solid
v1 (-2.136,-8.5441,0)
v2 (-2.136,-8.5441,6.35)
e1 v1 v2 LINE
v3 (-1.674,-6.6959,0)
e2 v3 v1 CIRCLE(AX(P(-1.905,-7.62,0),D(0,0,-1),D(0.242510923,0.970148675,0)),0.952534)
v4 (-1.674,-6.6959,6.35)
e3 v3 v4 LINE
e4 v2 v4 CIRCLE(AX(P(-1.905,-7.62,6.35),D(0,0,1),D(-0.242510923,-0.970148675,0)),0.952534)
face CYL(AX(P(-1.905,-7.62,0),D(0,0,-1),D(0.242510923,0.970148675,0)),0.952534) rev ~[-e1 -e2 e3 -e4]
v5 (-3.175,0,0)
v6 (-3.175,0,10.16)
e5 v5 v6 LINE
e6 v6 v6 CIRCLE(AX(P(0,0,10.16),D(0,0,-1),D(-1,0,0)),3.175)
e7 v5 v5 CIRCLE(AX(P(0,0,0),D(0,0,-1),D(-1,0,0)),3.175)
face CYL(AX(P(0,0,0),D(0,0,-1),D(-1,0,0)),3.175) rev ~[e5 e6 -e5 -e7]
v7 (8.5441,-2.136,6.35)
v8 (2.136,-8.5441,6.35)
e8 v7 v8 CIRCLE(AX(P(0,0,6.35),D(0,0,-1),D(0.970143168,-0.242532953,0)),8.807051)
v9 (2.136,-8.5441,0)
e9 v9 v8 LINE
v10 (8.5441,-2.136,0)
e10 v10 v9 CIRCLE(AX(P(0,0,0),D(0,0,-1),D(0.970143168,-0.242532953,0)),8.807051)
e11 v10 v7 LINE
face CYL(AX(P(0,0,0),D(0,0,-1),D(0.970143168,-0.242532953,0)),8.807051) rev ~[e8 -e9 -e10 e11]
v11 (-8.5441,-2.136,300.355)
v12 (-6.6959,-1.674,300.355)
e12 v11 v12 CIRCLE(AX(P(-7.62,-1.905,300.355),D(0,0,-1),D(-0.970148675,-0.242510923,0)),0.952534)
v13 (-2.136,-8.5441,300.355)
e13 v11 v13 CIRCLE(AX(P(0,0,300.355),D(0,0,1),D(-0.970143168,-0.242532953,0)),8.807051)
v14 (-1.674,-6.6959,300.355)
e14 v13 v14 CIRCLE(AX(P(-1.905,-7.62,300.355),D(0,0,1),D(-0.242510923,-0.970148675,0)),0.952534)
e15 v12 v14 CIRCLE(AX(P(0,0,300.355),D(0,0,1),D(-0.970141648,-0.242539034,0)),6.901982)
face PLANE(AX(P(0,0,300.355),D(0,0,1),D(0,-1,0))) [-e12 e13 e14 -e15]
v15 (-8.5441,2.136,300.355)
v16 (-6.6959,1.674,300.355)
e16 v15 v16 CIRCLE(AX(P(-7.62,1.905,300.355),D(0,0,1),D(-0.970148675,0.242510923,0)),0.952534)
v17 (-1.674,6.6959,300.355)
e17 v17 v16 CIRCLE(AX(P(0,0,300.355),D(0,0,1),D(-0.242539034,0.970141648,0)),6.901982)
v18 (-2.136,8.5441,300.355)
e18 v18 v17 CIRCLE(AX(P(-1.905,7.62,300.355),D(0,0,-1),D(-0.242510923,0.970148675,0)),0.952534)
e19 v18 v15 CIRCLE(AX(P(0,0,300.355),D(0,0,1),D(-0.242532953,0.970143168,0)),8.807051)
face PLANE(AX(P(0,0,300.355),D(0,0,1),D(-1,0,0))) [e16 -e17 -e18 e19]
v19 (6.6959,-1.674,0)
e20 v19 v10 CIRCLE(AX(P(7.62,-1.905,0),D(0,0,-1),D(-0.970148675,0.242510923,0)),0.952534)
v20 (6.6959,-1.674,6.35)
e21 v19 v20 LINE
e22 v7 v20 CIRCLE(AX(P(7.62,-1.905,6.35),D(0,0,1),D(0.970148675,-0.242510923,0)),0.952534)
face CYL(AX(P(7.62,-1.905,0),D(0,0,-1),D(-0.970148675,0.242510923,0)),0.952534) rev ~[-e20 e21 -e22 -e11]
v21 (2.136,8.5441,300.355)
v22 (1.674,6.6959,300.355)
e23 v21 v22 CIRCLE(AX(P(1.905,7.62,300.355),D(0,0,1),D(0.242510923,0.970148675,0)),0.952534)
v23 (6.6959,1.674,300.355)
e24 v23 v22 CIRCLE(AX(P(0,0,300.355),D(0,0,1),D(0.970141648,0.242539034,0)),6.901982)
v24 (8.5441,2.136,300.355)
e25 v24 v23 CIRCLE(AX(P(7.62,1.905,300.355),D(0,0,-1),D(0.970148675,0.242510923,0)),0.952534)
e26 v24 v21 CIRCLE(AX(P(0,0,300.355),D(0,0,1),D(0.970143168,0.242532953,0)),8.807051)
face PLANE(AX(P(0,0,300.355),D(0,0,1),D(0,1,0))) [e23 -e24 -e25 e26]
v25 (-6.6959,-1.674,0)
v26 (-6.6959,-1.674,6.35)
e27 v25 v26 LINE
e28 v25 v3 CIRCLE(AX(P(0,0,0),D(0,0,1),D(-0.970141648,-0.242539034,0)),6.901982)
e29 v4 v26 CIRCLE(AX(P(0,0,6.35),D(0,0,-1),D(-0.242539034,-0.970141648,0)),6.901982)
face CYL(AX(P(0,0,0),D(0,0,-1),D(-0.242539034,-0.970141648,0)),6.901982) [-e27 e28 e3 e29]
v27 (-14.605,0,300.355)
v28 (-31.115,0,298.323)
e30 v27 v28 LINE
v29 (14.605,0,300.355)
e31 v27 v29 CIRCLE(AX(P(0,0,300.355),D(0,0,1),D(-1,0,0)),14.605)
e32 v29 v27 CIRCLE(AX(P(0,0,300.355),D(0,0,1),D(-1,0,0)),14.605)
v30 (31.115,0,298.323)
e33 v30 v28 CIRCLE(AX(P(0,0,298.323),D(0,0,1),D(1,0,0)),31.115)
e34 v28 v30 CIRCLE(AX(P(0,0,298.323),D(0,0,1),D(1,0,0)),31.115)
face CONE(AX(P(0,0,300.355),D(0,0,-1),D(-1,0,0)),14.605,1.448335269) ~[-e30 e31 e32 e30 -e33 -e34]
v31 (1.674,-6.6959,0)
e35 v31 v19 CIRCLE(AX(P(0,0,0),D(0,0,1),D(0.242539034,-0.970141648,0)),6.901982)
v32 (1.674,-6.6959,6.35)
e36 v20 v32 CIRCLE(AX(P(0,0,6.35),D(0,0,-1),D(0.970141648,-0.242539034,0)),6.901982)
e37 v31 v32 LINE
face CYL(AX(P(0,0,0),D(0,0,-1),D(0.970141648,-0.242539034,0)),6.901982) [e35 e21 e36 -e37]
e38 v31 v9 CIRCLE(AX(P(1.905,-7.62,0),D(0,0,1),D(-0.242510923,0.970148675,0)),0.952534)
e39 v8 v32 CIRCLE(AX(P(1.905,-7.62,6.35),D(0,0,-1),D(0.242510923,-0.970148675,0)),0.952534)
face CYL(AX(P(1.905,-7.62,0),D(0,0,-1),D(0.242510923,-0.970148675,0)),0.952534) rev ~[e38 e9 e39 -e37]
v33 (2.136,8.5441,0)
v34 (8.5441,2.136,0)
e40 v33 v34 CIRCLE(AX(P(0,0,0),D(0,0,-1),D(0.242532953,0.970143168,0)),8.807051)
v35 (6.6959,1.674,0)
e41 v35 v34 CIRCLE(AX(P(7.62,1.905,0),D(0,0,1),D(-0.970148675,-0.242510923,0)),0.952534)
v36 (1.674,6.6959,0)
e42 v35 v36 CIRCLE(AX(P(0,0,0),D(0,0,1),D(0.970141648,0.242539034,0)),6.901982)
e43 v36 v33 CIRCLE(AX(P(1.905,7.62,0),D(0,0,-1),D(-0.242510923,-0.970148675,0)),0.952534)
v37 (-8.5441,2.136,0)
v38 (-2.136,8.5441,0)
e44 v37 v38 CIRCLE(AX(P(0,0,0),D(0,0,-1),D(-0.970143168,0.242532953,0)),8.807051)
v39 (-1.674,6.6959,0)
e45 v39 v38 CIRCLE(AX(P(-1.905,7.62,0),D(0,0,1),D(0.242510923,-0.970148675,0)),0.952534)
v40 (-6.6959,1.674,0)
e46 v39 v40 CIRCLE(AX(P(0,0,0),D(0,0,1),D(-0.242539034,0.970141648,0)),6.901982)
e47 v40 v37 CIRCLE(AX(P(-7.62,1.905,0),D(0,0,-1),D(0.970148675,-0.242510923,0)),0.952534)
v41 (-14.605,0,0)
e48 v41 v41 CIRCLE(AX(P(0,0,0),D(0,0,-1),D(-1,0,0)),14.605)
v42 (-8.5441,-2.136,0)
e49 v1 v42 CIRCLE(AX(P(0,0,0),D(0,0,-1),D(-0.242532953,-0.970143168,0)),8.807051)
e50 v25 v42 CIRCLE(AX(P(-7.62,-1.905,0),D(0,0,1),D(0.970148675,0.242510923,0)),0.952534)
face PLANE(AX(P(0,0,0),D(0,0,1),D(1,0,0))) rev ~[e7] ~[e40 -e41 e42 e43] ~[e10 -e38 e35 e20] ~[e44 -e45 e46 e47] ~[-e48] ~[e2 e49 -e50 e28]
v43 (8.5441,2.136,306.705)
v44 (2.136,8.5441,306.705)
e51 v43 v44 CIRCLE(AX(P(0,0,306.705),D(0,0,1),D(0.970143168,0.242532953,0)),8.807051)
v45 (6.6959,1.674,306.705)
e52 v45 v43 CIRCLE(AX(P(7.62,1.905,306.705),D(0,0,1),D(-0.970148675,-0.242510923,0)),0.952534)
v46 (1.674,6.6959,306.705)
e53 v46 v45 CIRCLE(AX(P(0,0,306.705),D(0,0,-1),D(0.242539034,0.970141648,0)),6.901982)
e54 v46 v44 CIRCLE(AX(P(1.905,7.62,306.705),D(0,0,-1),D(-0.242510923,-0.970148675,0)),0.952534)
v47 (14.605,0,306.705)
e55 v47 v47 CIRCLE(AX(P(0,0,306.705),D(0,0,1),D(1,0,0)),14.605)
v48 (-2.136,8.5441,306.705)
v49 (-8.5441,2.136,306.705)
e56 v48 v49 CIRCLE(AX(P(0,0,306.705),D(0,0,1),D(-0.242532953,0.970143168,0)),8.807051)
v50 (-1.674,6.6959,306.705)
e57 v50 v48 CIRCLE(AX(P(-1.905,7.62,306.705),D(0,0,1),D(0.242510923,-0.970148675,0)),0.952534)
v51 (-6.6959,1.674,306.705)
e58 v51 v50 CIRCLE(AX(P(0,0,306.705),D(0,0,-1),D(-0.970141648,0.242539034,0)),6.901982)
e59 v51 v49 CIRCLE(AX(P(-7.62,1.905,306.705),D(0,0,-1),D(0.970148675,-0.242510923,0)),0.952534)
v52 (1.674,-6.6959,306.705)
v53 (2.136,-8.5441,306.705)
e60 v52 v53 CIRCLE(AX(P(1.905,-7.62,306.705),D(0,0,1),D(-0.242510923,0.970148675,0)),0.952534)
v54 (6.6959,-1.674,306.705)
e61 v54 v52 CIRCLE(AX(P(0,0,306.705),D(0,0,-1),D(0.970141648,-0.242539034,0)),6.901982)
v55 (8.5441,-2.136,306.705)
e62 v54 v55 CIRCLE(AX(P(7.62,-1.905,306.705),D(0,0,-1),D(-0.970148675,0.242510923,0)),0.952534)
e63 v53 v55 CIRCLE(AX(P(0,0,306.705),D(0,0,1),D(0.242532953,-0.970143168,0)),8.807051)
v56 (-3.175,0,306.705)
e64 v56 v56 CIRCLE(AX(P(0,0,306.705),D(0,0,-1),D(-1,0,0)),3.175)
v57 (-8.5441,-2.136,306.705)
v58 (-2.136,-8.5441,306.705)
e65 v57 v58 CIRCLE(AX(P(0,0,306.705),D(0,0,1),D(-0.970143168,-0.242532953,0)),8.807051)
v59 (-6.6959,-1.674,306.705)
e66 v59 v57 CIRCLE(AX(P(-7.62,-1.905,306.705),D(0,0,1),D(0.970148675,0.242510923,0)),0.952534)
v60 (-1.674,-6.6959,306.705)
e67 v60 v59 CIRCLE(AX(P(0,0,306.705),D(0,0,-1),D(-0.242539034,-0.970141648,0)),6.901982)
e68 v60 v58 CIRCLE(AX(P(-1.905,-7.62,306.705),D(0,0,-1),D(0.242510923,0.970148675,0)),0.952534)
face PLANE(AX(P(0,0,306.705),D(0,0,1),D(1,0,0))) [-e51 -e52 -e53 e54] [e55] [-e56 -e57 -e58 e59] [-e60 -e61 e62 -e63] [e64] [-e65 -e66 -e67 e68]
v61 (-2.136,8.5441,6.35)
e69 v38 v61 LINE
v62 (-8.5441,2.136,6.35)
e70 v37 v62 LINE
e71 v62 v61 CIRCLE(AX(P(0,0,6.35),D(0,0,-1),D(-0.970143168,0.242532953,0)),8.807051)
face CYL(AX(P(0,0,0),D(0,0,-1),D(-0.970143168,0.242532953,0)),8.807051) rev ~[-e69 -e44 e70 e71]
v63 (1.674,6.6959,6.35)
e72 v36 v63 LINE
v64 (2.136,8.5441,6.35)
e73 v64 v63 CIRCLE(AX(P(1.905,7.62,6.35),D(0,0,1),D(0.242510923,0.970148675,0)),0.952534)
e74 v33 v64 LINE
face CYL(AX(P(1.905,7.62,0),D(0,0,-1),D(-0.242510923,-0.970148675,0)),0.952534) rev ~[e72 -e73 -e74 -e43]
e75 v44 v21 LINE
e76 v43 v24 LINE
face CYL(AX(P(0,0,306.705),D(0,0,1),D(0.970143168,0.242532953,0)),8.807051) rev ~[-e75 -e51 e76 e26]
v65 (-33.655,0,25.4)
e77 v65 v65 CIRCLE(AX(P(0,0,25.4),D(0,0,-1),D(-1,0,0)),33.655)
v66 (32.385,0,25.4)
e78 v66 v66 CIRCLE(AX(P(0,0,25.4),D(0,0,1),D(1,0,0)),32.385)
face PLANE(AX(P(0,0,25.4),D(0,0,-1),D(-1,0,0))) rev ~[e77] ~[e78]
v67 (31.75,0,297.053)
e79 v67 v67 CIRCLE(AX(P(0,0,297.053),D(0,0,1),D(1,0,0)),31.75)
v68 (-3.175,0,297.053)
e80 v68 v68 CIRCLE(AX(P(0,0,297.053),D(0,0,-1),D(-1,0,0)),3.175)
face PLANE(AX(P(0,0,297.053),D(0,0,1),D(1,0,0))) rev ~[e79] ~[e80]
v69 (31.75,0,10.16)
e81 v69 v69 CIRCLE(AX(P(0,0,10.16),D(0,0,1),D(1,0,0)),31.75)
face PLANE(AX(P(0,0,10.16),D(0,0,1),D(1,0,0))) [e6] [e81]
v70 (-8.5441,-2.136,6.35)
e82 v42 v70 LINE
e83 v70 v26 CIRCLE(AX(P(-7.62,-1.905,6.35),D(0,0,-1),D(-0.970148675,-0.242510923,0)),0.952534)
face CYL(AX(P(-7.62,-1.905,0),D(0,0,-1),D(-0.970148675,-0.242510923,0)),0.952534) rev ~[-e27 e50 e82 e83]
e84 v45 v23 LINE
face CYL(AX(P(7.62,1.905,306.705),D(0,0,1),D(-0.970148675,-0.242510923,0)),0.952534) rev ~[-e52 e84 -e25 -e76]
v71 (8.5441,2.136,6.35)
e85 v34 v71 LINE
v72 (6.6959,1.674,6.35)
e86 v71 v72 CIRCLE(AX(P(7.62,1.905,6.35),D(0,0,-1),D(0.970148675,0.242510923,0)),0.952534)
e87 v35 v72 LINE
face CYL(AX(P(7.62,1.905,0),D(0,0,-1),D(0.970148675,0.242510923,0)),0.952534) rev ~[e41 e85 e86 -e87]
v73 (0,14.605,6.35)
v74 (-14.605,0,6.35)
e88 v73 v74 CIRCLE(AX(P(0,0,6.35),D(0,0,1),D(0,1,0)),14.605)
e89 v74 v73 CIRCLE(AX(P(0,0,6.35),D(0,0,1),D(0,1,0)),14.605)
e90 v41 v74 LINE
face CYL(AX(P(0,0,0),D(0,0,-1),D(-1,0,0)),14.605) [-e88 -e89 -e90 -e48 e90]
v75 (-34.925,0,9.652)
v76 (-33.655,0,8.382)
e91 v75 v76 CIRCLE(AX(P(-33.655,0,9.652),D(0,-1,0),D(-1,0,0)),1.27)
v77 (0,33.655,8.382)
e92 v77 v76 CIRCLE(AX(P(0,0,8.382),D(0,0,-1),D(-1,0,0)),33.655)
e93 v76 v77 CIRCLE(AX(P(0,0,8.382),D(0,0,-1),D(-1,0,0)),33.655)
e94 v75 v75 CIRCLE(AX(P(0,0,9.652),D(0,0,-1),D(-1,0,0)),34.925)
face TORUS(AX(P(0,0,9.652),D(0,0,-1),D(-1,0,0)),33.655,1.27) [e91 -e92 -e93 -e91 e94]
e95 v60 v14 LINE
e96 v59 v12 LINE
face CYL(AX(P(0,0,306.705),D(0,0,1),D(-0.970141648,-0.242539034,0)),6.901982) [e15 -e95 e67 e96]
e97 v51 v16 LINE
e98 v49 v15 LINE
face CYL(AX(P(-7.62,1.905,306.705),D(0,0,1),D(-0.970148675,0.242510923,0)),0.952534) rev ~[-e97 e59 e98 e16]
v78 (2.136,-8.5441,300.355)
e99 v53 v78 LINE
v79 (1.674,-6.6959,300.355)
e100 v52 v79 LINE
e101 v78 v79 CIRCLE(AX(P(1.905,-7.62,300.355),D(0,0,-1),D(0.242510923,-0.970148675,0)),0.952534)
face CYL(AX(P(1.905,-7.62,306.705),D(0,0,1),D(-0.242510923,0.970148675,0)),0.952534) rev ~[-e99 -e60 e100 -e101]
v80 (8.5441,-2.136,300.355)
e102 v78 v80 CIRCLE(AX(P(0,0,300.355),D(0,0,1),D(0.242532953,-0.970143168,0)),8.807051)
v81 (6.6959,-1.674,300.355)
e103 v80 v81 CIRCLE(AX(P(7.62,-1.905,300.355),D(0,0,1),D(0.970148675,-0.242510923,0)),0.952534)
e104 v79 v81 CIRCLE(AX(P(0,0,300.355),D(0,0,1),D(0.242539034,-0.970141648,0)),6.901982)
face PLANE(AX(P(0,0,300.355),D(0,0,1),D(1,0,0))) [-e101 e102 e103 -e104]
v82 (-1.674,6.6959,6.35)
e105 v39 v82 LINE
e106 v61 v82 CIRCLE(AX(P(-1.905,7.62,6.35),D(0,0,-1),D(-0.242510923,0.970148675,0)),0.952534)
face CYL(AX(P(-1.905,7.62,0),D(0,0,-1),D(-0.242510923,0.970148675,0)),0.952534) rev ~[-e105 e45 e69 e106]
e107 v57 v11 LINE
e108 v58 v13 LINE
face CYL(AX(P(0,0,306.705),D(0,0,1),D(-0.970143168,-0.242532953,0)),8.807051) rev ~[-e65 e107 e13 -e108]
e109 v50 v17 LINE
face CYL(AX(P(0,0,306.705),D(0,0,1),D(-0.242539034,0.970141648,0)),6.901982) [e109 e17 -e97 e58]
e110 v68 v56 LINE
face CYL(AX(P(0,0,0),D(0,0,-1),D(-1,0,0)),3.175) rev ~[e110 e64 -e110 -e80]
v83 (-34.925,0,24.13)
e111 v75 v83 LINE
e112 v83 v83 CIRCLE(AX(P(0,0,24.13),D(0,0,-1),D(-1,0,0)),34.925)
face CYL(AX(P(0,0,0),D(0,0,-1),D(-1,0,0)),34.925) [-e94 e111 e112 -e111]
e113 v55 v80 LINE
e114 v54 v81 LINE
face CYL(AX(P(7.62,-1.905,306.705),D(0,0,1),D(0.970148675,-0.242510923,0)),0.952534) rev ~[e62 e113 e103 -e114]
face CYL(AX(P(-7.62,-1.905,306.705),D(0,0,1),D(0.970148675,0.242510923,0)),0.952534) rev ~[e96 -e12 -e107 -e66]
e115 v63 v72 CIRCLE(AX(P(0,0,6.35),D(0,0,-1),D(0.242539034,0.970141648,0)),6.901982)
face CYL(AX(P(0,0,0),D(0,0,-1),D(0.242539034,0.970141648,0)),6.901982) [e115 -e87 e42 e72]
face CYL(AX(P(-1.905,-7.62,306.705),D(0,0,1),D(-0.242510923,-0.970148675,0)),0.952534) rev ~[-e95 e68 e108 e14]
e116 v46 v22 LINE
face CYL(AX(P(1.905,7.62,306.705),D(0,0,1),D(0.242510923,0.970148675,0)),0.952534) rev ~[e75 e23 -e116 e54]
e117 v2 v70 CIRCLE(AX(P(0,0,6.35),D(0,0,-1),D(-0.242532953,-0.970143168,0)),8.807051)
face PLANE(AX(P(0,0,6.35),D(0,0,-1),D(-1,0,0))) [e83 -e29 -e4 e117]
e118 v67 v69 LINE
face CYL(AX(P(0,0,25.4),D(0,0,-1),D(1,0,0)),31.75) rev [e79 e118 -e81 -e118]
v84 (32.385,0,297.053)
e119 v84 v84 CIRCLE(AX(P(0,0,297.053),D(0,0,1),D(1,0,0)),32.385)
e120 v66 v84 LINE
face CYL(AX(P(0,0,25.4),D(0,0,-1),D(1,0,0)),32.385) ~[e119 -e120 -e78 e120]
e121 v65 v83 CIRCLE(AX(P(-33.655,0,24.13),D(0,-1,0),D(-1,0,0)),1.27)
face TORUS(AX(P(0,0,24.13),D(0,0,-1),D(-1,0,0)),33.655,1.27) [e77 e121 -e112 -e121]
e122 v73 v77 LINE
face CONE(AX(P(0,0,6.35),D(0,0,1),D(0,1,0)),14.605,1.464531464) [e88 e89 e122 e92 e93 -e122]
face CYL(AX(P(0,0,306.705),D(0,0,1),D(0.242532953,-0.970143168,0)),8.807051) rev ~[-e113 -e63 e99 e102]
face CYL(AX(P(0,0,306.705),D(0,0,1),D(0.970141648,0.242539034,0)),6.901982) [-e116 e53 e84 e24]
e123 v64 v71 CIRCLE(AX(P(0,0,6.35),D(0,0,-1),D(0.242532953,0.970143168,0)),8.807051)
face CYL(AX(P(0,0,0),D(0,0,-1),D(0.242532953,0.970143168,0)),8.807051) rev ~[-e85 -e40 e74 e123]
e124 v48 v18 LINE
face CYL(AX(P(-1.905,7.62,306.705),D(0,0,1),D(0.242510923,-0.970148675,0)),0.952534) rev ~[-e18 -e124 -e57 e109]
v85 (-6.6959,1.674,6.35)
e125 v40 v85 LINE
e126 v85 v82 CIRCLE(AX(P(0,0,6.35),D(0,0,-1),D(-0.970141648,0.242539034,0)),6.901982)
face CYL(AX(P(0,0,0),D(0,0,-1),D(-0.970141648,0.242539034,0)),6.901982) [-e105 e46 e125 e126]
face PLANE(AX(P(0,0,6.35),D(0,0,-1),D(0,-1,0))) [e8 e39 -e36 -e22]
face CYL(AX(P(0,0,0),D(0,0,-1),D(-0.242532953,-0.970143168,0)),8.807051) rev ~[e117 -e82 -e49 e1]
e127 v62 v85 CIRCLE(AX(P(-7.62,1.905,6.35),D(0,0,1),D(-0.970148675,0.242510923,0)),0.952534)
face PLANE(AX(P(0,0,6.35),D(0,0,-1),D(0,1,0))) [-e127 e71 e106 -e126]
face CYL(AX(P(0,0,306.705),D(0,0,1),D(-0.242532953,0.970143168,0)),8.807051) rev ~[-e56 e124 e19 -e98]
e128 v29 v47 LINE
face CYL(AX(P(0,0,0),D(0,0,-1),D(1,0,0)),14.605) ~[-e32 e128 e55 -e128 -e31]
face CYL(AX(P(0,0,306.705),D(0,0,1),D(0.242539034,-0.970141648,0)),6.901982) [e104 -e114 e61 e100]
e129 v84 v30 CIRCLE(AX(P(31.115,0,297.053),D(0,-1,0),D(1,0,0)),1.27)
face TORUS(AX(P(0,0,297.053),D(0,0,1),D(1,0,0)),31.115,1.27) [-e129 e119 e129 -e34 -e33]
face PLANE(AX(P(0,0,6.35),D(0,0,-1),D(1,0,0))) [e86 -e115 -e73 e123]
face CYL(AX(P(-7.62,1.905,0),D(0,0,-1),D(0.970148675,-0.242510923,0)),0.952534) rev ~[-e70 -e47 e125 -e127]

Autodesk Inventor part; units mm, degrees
ref_plane "YZ Plane" through (0, 0, 0) normal (1, 0, 0) x (0, 1, 0)
ref_plane "XZ Plane" through (0, 0, 0) normal (0, 1, 0) x (-1, 0, 0)
ref_plane "XY Plane" through (0, 0, 0) normal (0, 0, 1) x (1, 0, 0)
sketch "Sketch1" plane through (0, 0, 0) normal (0, 0, 1) x (1, 0, 0)
  circle A0 centre (0, 0) radius 14.605
  dimension "d0" = 29.21
extrude "Extrusion1" add sketch "Sketch1" along normal blind 306.705
sketch "Sketch3" plane through (0, 0, 0) normal (0, 0, -1) x (-1, 0, 0)
  circle A0 centre (0, 0) radius 34.925
  circle A1 centre (0, 0) radius 14.605
  dimension "d4" = 69.85
extrude "Extrusion2" add sketch "Sketch3" against normal blind 25.4 contours A0 | A1
extrude "Extrusion3" cut sketch "Sketch3" against normal blind 8.382
sketch "Sketch4" plane through (0, 0, 25.4) normal (0, 0, 1) x (1, 0, 0)
  circle A0 centre (0, 0) radius 32.385
  dimension "d9" = 64.77
extrude "Extrusion4" add sketch "Sketch4" along normal blind 272.923
fillet "Fillet1" radius 1.27 3 edges at (34.925, 0, 25.4) (34.925, 0, 8.382) (-32.385, 0, 298.323)
sketch "Sketch5" plane through (0, 0, 0) normal (1, 0, 0) x (0, 1, 0)
  line L0 (-14.605, 0) -> (14.605, 0) projected
  line L1 (14.605, 0) -> (14.605, 6.35)
  line L2 (14.605, 8.382) -> (14.605, 0) projected
  line L3 (33.655, 8.382) -> (-33.655, 8.382) projected
  line L4 (14.605, 6.35) -> (33.655, 8.382)
  line L5 (0, -61.341) -> (0, 368.046) projected
  point P0 (0, 0)
  dimension "d13" = 6.35
revolve "Revolution1" add sketch "Sketch5" angle 360 about axis through (0, 0, -10) along (0, 0, 1) contours L2 L3 L4
sketch "Sketch6" plane through (0, 0, 0) normal (0, 1, 0) x (-1, 0, 0)
  line L0 (14.605, 306.705) -> (-14.605, 306.705) projected
  line L1 (14.605, 306.705) -> (14.605, 300.355)
  line L2 (14.605, 298.323) -> (14.605, 306.705) projected
  line L3 (14.605, 300.355) -> (31.115, 298.323)
  arc A0 (32.385, 297.053) -> (31.115, 298.323) centre (31.115, 297.053) ccw projected
  line L4 (14.605, 298.323) -> (-14.605, 298.323) projected
  line L5 (14.605, 306.705) -> (-14.605, 306.705) projected
  line L6 (-31.115, 298.323) -> (31.115, 298.323) projected
  line L7 (0, -61.341) -> (0, 368.046) projected
  point P0 (0, 0)
  dimension "d15" = 6.35
revolve "Revolution2" add sketch "Sketch6" angle 360 about axis through (0, 0, -10) along (0, 0, 1) contours L3 L6 L2
sketch "Sketch7" plane through (0, 0, 0) normal (0, 0, -1) x (-1, 0, 0)
  circle A0 centre (0, 0) radius 14.605 projected
  circle A1 centre (0, 0) radius 3.175
  circle A2 centre (0, 0) radius 9.525
  line L0 (3.175, 0) -> (9.525, 0)
  line L1 (0, -3.175) -> (0, -9.525)
  line L2 (9.525, 0) -> (7.62, 0)
  line L3 (0, -9.525) -> (0, -7.62)
  line L4 (0, -7.62) -> (1.905, -7.62)
  line L5 (1.905, -7.62) -> (1.905, -5.715)
  line L6 (7.62, 0) -> (7.62, -1.905)
  line L7 (7.62, -1.905) -> (5.715, -1.905)
  arc A3 (1.905, -7.62) -> (7.62, -1.905) centre (0, 0) ccw construction
  arc A4 (2.136, -8.5441) -> (8.5441, -2.136) centre (0, 0) ccw
  arc A5 (1.674, -6.6959) -> (6.6959, -1.674) centre (0, 0) ccw
  arc A6 (1.674, -6.6959) -> (2.136, -8.5441) centre (1.905, -7.62) ccw
  arc A7 (8.5441, -2.136) -> (6.6959, -1.674) centre (7.62, -1.905) ccw
  dimension "d17" = 6.35
  dimension "d18" = 19.05
  dimension "d19" = 1.905
  dimension "d20" = 1.905
  dimension "d21" = 1.905
  dimension "d22" = 1.905
  dimension "d23" = 1.905
extrude "Extrusion5" cut sketch "Sketch7" against normal blind 6.35 contours A7 A4 A6 L4 L5 A5 L7 L6 | L6 L7 A5 A7 | A6 A5 L5 L4
pattern_circular "Circular Pattern1" count 4 over 360 about axis through (0, 0, -10) along (0, 0, 1) of "Extrusion5"
sketch "Sketch8" plane through (0, 0, 0) normal (0, 0, -1) x (-1, 0, 0)
  circle A0 centre (0, 0) radius 6.35
  dimension "d29" = 12.7
sketch "Sketch9" plane through (0, 0, 25.4) normal (0, 0, 1) x (1, 0, 0)
  circle A0 centre (0, 0) radius 3.2385
  circle A1 centre (0, 0) radius 31.75
  dimension "d30" = 6.477
  dimension "d31" = 63.5
extrude "Extrusion6" cut sketch "Sketch9" along normal blind 271.653 contours A0 | A1
sketch "Sketch10" plane through (0, 0, 0) normal (0, 0, -1) x (-1, 0, 0)
  circle A0 centre (0, 0) radius 3.175
  dimension "d34" = 6.35
extrude "Extrusion7" cut sketch "Sketch10" along normal through all both and the other way through all
extrude "Extrusion8" cut sketch "Sketch9" against normal blind 15.24 contours A0 | A1
sketch "Sketch11" plane through (0, 0, 306.705) normal (0, 0, 1) x (1, 0, 0)
  circle A0 centre (0, 0) radius 14.605
  circle A1 centre (0, 0) radius 3.175
  circle A2 centre (0, 0) radius 9.525
  line L0 (3.175, 0) -> (9.525, 0)
  line L1 (0, -3.175) -> (0, -9.525)
  line L2 (9.525, 0) -> (7.62, 0)
  line L3 (0, -9.525) -> (0, -7.62)
  line L4 (0, -7.62) -> (1.905, -7.62)
  line L5 (1.905, -7.62) -> (1.905, -5.9372)
  line L6 (7.62, 0) -> (7.62, -1.905)
  line L7 (7.62, -1.905) -> (5.3447, -1.905)
  arc A3 (1.905, -7.62) -> (7.62, -1.905) centre (0, 0) ccw construction
  arc A4 (2.136, -8.5441) -> (8.5441, -2.136) centre (0, 0) ccw
  arc A5 (1.674, -6.6959) -> (6.6959, -1.674) centre (0, 0) ccw
  arc A6 (1.674, -6.6959) -> (2.136, -8.5441) centre (1.905, -7.62) ccw
  arc A7 (8.5441, -2.136) -> (6.6959, -1.674) centre (7.62, -1.905) ccw
  dimension "d39" = 6.35
  dimension "d40" = 19.05
  dimension "d41" = 1.905
  dimension "d42" = 1.905
  dimension "d43" = 1.905
  dimension "d44" = 1.905
  dimension "d45" = 1.905
extrude "Extrusion9" cut sketch "Sketch11" against normal blind 6.35 contours A7 A4 A6 L4 L5 A5 L7 L6 | L6 L7 A5 A7 | A6 A5 L5 L4
pattern_circular "Circular Pattern2" count 4 over 360 about axis through (0, 0, -10) along (0, 0, 1) of "Extrusion9"
properties part number "2.5X12inAirTank"
